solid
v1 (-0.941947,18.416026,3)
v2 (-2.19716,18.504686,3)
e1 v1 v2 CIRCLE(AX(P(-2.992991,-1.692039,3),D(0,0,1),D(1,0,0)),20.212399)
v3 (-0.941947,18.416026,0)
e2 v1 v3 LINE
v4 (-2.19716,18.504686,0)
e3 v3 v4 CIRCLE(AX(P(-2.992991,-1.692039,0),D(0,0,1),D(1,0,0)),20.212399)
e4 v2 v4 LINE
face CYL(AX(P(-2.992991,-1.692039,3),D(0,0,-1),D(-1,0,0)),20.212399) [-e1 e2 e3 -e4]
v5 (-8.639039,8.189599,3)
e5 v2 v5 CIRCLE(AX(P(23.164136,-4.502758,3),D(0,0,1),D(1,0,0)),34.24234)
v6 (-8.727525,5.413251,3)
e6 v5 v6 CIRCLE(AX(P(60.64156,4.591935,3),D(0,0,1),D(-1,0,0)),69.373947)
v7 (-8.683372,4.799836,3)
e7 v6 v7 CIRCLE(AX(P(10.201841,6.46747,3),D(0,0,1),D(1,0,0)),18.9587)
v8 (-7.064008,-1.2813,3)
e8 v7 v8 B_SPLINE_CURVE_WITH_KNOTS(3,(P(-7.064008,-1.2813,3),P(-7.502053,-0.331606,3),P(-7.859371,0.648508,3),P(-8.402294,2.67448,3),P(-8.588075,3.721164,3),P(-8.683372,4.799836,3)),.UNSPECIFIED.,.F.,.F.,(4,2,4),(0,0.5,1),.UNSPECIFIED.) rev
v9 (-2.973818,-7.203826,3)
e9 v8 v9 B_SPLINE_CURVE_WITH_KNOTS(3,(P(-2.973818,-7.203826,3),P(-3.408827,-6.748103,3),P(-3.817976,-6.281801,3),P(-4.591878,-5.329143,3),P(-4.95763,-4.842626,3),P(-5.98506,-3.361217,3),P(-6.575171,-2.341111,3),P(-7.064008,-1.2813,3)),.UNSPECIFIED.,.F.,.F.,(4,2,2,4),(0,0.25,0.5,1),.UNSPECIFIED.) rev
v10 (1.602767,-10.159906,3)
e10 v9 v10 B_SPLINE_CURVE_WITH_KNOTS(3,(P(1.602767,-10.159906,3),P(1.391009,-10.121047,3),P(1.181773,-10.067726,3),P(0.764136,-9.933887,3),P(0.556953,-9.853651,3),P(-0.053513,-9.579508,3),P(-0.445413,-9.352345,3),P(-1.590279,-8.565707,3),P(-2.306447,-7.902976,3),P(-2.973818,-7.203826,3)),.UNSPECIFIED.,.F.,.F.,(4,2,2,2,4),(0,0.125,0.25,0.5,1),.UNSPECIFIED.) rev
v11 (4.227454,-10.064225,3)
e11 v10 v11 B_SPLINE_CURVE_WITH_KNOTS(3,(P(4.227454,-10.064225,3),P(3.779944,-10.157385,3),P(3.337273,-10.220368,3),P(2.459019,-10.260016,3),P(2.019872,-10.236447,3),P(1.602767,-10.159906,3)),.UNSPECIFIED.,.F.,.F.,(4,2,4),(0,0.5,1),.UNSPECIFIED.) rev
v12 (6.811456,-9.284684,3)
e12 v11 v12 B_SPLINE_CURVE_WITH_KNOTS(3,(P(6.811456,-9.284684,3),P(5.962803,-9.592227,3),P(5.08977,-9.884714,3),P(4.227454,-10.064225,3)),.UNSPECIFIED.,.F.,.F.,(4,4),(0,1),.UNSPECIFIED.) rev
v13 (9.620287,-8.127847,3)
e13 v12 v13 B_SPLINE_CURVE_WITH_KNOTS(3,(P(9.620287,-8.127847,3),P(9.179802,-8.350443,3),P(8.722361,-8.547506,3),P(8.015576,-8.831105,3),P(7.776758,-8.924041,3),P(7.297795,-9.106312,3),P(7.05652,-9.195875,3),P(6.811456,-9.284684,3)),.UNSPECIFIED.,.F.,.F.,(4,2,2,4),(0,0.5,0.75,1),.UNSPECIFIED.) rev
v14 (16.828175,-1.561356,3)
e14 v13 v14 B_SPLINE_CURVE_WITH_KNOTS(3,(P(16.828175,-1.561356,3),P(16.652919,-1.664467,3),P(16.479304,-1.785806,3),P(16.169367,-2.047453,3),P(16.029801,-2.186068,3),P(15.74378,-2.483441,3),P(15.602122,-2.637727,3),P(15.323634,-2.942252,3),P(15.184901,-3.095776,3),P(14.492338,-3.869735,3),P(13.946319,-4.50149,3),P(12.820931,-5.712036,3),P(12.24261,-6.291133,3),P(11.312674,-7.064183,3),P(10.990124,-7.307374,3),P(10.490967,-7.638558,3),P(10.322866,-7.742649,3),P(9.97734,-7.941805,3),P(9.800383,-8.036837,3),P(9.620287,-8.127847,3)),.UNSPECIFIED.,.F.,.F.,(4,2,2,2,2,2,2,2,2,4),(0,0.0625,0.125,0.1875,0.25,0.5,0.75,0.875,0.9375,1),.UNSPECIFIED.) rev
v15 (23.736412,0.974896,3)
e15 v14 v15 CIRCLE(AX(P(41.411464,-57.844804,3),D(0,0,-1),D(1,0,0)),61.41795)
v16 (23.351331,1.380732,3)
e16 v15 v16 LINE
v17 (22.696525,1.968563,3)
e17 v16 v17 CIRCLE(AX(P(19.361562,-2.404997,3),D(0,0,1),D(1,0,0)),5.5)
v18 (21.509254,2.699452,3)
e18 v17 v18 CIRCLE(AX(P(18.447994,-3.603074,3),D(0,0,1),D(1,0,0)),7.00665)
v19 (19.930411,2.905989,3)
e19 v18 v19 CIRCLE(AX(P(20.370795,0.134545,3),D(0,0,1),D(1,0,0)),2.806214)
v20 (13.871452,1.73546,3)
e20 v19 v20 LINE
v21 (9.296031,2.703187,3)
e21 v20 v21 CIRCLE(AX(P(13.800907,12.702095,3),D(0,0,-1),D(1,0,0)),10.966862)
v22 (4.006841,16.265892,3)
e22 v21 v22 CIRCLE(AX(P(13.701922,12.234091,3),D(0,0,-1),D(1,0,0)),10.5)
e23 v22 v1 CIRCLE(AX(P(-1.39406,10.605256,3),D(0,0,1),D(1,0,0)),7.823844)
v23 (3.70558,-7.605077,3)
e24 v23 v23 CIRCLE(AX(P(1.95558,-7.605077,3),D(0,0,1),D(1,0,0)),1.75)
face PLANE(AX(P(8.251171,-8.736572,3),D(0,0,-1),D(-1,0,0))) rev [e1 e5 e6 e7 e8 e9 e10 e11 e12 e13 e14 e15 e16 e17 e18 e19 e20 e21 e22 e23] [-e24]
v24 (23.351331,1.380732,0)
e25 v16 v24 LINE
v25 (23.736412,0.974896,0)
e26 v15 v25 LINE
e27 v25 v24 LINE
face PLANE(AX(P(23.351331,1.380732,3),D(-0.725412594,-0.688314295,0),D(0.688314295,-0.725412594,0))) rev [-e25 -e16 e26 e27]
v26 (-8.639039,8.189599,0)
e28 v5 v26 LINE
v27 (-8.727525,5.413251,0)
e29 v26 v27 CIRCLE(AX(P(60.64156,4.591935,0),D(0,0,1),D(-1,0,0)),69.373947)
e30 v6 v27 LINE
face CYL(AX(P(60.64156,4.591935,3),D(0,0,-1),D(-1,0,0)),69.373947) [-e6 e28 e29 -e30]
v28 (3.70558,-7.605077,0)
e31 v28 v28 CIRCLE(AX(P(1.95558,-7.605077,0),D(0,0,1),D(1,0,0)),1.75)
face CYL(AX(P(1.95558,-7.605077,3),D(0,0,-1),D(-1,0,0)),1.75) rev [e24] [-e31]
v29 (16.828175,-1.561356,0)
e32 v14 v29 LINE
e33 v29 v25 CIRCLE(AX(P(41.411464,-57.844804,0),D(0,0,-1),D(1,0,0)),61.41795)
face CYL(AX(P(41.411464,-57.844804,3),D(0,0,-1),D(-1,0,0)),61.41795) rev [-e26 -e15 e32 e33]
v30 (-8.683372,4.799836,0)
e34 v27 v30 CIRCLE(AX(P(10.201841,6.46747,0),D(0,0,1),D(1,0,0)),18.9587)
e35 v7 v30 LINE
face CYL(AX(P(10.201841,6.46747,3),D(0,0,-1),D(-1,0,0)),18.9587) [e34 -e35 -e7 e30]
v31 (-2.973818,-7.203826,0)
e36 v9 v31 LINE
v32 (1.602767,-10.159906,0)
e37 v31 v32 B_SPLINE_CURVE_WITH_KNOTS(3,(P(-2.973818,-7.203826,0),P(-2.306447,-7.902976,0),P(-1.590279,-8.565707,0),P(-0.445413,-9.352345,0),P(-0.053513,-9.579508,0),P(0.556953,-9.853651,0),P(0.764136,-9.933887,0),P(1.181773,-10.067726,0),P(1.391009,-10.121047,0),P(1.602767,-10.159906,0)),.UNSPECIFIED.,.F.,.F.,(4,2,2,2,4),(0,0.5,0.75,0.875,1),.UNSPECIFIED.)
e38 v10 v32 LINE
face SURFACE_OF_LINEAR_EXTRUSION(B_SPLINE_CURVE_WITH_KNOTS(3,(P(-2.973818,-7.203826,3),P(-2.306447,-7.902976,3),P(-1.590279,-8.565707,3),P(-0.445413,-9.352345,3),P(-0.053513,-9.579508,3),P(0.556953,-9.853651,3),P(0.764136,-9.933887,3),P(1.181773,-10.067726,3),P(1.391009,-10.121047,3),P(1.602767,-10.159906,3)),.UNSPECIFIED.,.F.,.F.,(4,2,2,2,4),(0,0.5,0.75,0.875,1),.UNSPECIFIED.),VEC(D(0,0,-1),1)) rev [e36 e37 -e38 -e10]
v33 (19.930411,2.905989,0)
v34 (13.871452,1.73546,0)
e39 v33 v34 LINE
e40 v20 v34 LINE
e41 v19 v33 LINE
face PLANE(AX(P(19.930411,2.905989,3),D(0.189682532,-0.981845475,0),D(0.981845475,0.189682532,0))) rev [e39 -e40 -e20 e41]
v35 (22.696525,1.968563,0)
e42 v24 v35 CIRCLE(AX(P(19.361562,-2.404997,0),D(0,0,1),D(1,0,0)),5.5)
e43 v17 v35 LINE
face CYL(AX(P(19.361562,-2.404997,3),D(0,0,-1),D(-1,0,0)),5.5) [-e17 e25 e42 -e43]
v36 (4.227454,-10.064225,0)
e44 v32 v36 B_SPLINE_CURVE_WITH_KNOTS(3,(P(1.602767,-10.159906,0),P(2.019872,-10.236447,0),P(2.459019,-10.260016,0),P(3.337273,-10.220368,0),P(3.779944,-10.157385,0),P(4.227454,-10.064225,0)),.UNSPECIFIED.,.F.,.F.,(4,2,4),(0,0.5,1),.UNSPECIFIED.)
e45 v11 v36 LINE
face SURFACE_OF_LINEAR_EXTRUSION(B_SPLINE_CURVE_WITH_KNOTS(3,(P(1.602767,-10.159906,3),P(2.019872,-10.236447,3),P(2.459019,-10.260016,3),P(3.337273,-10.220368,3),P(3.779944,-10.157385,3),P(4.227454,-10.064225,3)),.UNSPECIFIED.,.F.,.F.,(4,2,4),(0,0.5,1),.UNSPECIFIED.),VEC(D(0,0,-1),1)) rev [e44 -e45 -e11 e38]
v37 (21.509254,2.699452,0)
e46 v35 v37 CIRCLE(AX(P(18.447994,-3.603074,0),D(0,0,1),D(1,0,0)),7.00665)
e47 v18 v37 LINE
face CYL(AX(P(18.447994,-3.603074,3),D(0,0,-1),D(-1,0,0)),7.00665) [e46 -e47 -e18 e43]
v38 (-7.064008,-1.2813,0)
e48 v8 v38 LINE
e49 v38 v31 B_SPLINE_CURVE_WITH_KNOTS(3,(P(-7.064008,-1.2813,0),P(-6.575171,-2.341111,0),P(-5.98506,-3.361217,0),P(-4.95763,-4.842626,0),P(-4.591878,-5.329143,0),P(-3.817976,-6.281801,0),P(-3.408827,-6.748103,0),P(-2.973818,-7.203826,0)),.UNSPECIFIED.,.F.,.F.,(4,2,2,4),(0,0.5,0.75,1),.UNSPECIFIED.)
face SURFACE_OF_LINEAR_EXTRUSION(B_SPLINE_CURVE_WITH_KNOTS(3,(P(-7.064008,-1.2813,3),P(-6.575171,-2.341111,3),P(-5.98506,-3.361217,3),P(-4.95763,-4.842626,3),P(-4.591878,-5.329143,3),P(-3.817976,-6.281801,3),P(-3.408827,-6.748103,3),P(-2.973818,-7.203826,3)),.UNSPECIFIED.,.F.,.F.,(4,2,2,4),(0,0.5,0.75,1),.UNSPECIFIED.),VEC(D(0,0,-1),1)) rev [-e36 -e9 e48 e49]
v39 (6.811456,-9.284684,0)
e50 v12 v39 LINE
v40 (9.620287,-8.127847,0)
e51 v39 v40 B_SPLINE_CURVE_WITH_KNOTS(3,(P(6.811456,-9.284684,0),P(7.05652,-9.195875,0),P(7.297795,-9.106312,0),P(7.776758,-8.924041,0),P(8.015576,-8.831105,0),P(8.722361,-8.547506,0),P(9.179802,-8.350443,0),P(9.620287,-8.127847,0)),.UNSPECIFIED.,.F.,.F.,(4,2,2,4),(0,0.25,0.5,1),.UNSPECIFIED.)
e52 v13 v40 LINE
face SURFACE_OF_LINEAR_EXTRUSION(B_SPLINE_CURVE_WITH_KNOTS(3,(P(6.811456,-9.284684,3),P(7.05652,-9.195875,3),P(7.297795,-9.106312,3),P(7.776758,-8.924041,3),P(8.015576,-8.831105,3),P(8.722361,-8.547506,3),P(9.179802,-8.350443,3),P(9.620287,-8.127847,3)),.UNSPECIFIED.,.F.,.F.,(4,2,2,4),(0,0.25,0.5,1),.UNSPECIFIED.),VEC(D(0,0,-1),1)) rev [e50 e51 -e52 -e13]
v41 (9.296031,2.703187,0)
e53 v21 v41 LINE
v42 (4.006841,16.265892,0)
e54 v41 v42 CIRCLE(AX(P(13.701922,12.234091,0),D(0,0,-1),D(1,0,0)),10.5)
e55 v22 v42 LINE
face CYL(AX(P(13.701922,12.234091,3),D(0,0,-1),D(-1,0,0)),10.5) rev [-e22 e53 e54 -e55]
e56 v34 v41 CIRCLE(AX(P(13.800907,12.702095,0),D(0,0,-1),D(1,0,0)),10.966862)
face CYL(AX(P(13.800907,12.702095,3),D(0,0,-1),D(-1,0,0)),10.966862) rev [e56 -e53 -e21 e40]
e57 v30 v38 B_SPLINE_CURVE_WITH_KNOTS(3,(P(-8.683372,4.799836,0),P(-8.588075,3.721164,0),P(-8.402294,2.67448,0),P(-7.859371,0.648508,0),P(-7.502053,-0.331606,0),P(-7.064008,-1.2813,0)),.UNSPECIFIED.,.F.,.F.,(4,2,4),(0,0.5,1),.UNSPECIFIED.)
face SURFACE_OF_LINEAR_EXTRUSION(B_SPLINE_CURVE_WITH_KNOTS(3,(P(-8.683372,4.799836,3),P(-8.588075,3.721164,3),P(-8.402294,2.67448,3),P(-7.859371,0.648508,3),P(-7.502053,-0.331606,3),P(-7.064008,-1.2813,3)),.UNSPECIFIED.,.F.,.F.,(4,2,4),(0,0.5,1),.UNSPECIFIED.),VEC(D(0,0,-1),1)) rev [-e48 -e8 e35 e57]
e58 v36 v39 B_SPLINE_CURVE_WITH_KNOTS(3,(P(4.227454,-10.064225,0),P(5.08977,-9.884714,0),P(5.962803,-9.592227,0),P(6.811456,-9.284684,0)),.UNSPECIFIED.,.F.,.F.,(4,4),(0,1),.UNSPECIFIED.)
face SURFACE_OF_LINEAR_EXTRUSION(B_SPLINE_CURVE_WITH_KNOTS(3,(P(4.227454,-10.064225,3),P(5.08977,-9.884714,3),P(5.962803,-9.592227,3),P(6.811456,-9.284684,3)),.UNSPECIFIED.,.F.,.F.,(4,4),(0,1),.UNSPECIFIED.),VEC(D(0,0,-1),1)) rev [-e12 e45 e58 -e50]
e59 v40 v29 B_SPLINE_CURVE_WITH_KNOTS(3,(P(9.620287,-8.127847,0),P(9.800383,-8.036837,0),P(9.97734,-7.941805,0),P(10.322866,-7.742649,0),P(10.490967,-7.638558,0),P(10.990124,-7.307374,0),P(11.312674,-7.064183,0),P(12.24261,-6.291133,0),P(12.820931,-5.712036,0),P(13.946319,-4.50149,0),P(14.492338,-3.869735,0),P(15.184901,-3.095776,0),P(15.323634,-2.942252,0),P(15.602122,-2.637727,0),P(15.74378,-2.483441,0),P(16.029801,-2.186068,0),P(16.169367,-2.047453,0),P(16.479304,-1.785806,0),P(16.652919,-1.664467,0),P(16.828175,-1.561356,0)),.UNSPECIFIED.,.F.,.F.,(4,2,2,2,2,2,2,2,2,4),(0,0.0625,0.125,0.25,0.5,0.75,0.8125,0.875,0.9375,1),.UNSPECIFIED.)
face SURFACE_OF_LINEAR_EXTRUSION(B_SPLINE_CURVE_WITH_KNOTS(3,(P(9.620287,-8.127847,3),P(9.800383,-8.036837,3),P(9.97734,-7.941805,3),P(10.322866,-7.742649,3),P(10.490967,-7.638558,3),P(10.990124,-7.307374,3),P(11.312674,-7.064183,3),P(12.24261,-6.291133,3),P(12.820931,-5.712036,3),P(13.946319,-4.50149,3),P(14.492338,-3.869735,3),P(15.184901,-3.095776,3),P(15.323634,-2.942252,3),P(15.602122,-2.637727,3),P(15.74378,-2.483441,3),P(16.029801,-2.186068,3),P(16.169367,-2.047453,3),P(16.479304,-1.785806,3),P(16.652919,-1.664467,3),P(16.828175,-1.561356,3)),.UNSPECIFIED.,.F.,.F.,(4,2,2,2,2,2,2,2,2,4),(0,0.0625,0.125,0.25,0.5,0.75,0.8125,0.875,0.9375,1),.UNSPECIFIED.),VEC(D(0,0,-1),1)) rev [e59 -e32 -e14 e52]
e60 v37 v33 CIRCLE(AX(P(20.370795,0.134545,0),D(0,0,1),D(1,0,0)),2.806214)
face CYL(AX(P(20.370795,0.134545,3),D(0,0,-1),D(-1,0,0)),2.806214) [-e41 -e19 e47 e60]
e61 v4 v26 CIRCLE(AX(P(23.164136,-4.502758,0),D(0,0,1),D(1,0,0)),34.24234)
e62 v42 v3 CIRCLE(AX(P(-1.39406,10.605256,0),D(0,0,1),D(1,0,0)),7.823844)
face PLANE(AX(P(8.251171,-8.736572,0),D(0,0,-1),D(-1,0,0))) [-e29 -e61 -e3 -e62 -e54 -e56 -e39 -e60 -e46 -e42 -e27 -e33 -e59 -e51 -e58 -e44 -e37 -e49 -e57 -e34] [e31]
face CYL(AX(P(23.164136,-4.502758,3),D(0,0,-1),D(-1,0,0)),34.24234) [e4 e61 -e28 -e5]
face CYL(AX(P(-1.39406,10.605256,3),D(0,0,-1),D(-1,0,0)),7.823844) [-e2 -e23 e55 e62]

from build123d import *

# Parameters (mm, degrees)
SKETCH1_R           = 1.75
BOSS_EXTRUDE1_DEPTH = 3


with BuildPart() as part:
    # Sketch1 → Boss-Extrude1 (new body)
    with BuildSketch(Plane.XY):
        with BuildLine():
            Line((19.930411003, 2.905988798), (13.87145238, 1.735459786))
            ThreePointArc((13.87145238, 1.735459786), (11.531557717, 1.972597442), (9.296030987, 2.703187301))
            ThreePointArc((9.296030987, 2.703187301), (3.919484189, 8.419131518), (4.006841218, 16.265891519))
            ThreePointArc((4.006841218, 16.265891519), (1.723665713, 17.781070836), (-0.941946899, 18.416026075))
            ThreePointArc((-0.941946899, 18.416026075), (-1.568863415, 18.470126635), (-2.197160171, 18.50468636))
            ThreePointArc((-2.197160171, 18.50468636), (-5.87970066, 13.635417111), (-8.639038917, 8.189598545))
            ThreePointArc((-8.639038917, 8.189598545), (-8.697179287, 6.801867653), (-8.727525387, 5.413250916))
            ThreePointArc((-8.727525387, 5.413250916), (-8.707936379, 5.106364202), (-8.683372389, 4.799835582))
            add(Edge.make_bspline(
                [(-8.683372389, 4.799835582), (-8.588074591, 3.721163805), (-8.402294299, 2.674479561), (-7.859371187, 0.648508115), (-7.502052979, -0.331606117), (-7.064007696, -1.28129998)],
                knots=[0, 0, 0, 0, 0.5, 0.5, 1, 1, 1, 1], degree=3))
            add(Edge.make_bspline(
                [(-7.064007696, -1.28129998), (-6.575170871, -2.34111126), (-5.98506043, -3.361216675), (-4.957629948, -4.84262589), (-4.59187789, -5.329143335), (-3.817976232, -6.281801183), (-3.40882724, -6.74810305), (-2.97381792, -7.203826342)],
                knots=[0, 0, 0, 0, 0.5, 0.5, 0.75, 0.75, 1, 1, 1, 1], degree=3))
            add(Edge.make_bspline(
                [(-2.97381792, -7.203826342), (-2.306446509, -7.902976179), (-1.590279206, -8.56570689), (-0.445412997, -9.35234524), (-0.053513063, -9.579507747), (0.556953087, -9.853650755), (0.764136141, -9.933887283), (1.181773294, -10.067725648), (1.391009263, -10.121047129), (1.602766598, -10.159905725)],
                knots=[0, 0, 0, 0, 0.5, 0.5, 0.75, 0.75, 0.875, 0.875, 1, 1, 1, 1], degree=3))
            add(Edge.make_bspline(
                [(1.602766598, -10.159905725), (2.019871783, -10.236446742), (2.459018956, -10.260016432), (3.337272754, -10.220368292), (3.779944348, -10.157384511), (4.227454337, -10.064224837)],
                knots=[0, 0, 0, 0, 0.5, 0.5, 1, 1, 1, 1], degree=3))
            add(Edge.make_bspline(
                [(4.227454337, -10.064224837), (5.089770185, -9.88471362), (5.962802505, -9.592227299), (6.811456082, -9.284683988)],
                knots=[0, 0, 0, 0, 1, 1, 1, 1], degree=3))
            add(Edge.make_bspline(
                [(6.811456082, -9.284683988), (7.056520313, -9.195875236), (7.297794582, -9.106311657), (7.776758126, -8.924041304), (8.015576329, -8.831105295), (8.722360856, -8.547506225), (9.179802119, -8.35044286), (9.620286504, -8.127847225)],
                knots=[0, 0, 0, 0, 0.25, 0.25, 0.5, 0.5, 1, 1, 1, 1], degree=3))
            add(Edge.make_bspline(
                [(9.620286504, -8.127847225), (9.800382572, -8.036836964), (9.977339671, -7.94180455), (10.322866167, -7.742648629), (10.490967018, -7.638558401), (10.990123709, -7.307373872), (11.312673774, -7.064183232), (12.24261019, -6.291133214), (12.820931233, -5.712035881), (13.94631914, -4.501489979), (14.49233771, -3.8697351), (15.184900578, -3.09577571), (15.323634143, -2.942251733), (15.602122385, -2.637726794), (15.743780167, -2.483440537), (16.029801415, -2.186068127), (16.169367003, -2.0474533), (16.479304052, -1.785805781), (16.652919268, -1.664467301), (16.828175246, -1.561356406)],
                knots=[0, 0, 0, 0, 0.0625, 0.0625, 0.125, 0.125, 0.25, 0.25, 0.5, 0.5, 0.75, 0.75, 0.8125, 0.8125, 0.875, 0.875, 0.9375, 0.9375, 1, 1, 1, 1], degree=3))
            ThreePointArc((16.828175246, -1.561356406), (20.244272985, -0.189669108), (23.736412446, 0.974895959))
            Line((23.736412446, 0.974895959), (23.351331305, 1.380731944))
            ThreePointArc((23.351331305, 1.380731944), (23.035702836, 1.68776393), (22.696524646, 1.968563017))
            ThreePointArc((22.696524646, 1.968563017), (22.121114049, 2.363611886), (21.509254361, 2.699452157))
            ThreePointArc((21.509254361, 2.699452157), (20.73478902, 2.91705232), (19.930411003, 2.905988798))
        make_face()
        with Locations((1.955579729, -7.60507725)):
            Circle(SKETCH1_R, mode=Mode.SUBTRACT)
    extrude(amount=BOSS_EXTRUDE1_DEPTH)


solid = part.part
